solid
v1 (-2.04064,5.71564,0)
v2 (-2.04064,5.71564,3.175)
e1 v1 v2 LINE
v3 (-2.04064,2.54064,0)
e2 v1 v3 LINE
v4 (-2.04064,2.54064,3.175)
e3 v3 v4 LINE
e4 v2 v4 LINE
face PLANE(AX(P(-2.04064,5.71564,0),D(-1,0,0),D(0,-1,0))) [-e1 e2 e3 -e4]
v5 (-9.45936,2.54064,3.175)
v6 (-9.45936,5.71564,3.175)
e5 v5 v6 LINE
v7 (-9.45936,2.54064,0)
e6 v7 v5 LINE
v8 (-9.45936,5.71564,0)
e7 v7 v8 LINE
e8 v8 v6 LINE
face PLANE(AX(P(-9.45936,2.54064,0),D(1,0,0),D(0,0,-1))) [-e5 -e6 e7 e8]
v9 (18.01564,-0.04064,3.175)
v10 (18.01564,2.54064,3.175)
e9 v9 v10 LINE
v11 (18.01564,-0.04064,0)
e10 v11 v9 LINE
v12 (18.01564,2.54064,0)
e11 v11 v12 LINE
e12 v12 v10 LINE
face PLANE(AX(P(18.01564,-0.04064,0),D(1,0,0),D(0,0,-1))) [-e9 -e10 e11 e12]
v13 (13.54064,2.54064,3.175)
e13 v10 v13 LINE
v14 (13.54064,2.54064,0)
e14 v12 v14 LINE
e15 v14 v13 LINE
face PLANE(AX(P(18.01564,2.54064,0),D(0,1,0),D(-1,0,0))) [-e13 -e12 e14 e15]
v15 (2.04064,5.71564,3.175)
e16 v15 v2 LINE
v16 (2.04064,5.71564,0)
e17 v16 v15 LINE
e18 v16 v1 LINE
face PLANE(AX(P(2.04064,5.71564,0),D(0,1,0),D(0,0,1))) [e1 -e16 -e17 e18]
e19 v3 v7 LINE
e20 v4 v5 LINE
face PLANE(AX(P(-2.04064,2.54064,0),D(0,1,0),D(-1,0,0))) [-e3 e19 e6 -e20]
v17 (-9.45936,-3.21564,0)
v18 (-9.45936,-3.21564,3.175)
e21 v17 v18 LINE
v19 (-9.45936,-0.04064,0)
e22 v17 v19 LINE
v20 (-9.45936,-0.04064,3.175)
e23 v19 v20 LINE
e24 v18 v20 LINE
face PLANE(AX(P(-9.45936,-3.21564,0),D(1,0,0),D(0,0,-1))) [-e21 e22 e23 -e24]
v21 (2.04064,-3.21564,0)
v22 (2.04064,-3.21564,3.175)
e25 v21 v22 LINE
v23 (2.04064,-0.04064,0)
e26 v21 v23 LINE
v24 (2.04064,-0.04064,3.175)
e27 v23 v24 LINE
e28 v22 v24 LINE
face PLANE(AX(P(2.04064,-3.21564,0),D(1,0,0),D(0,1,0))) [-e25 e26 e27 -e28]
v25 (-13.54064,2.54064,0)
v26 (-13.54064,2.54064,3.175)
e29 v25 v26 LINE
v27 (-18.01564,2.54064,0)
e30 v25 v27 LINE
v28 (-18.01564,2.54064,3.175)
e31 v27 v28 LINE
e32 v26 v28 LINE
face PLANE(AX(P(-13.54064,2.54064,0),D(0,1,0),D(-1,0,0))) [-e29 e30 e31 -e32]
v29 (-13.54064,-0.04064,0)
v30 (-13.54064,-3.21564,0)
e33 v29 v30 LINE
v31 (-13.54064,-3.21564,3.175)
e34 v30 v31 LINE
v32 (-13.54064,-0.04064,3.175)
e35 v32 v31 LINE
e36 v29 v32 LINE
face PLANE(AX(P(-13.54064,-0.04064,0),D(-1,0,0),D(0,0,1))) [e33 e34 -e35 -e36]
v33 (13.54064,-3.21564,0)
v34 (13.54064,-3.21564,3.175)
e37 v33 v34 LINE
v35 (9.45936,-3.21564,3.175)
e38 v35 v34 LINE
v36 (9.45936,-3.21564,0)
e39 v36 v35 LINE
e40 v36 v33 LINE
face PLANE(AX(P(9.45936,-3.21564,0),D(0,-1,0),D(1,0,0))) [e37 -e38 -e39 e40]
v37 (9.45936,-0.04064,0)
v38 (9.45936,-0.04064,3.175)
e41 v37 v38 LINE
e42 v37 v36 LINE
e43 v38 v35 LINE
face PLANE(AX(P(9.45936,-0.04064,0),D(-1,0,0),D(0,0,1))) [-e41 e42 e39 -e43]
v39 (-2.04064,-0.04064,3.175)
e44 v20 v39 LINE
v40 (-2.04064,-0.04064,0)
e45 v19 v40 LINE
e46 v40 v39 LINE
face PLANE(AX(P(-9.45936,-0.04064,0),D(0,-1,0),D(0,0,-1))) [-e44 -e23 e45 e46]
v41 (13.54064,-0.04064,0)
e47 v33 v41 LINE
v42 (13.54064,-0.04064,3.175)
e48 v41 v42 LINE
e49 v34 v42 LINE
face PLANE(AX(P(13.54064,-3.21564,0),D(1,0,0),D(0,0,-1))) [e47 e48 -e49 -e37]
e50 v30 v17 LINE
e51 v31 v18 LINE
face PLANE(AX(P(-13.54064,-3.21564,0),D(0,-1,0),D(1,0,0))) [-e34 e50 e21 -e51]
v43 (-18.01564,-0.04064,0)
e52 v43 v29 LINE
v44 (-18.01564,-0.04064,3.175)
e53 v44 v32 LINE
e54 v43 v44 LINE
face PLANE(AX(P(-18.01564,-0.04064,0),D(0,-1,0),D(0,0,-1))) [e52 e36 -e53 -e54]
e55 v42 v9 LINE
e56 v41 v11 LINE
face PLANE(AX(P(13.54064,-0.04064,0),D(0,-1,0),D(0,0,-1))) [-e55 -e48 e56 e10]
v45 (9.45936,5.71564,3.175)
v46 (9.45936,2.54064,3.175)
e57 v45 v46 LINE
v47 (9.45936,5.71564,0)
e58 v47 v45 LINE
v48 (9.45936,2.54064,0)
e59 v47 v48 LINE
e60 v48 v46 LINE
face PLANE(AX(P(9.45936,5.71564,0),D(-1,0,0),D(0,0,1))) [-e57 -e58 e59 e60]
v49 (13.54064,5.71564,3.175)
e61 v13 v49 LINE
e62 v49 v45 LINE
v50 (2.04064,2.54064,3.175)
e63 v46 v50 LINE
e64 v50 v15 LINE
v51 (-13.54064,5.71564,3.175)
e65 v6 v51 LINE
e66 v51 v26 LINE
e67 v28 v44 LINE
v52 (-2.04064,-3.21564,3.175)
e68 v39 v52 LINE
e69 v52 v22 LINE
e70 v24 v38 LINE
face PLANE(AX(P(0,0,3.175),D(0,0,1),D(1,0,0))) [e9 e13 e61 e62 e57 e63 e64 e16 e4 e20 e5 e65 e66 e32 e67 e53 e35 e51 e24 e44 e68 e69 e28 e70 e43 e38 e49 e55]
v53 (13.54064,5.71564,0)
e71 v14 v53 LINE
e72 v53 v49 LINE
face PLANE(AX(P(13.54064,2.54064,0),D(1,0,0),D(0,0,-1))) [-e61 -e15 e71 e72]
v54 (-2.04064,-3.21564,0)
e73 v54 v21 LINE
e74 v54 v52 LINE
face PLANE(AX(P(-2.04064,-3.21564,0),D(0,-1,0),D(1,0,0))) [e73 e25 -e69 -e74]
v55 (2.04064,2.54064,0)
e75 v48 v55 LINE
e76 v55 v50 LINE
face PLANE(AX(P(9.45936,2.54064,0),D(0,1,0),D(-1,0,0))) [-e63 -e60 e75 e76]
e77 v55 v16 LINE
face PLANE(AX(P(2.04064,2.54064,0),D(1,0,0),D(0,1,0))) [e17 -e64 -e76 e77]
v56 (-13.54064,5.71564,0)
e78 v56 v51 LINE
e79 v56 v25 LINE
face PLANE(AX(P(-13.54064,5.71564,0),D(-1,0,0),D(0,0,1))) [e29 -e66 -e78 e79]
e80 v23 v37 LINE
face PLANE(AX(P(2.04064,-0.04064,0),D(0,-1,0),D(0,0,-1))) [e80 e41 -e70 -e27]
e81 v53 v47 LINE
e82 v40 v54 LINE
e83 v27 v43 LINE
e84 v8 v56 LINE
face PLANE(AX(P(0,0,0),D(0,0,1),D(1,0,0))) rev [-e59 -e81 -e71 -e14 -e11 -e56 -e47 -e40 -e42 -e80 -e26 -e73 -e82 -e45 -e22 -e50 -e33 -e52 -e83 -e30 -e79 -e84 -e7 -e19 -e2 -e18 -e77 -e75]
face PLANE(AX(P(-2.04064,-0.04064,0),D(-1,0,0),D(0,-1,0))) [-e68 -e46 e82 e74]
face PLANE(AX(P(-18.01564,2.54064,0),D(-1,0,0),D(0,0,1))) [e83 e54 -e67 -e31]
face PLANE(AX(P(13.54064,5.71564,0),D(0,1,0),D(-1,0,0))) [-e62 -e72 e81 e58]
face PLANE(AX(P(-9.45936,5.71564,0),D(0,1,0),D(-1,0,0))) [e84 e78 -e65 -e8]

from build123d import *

# Parameters (mm, degrees)
SKETCH1_W           = 4
SKETCH1_H           = 3.175
SKETCH1_W_2         = 42.3
SKETCH1_H_2         = 2.5
BOSS_EXTRUDE1_DEPTH = 3.175
CUT_EXTRUDE2_DEPTH  = 23.175
BOSS_EXTRUDE2_DEPTH = 3.175


with BuildPart() as part:
    # Sketch1 → Boss-Extrude1 (new body)
    with BuildSketch(Plane.XY):
        with Locations((-11.5, -1.5875)):
            Rectangle(SKETCH1_W, SKETCH1_H)
        with Locations((-11.5, 4.0875)):
            Rectangle(SKETCH1_W, SKETCH1_H)
        with Locations((0, 4.0875)):
            Rectangle(SKETCH1_W, SKETCH1_H)
        with Locations((0, -1.5875)):
            Rectangle(SKETCH1_W, SKETCH1_H)
        with Locations((11.5, 4.0875)):
            Rectangle(SKETCH1_W, SKETCH1_H)
        with Locations((11.5, -1.5875)):
            Rectangle(SKETCH1_W, SKETCH1_H)
        with Locations((0, 1.25)):
            Rectangle(SKETCH1_W_2, SKETCH1_H_2)
    extrude(amount=BOSS_EXTRUDE1_DEPTH)

    # Sketch2 → Cut-Extrude2 (cut)
    with BuildSketch(Plane(origin=(0, 2.5, 0), x_dir=(1, 0, 0), z_dir=(0, 1, 0))):
        Polygon((-17.975, 0), (-21.15, 0), (-21.15, -3.175), align=None)
        Polygon((-17.975, -3.175), (-17.975, 0), (-21.15, -3.175), align=None)
        Polygon((21.15, -3.175), (17.975, -3.175), (17.975, 0), align=None)
        Polygon((21.15, -3.175), (17.975, 0), (21.15, 0), align=None)
    extrude(amount=-CUT_EXTRUDE2_DEPTH, mode=Mode.SUBTRACT)

    # Sketch3 → Boss-Extrude2 (add)
    with BuildSketch(Plane.XY.offset(3.175)):
        Polygon((-13.54064, 2.54064), (-18.01564, 2.54064), (-18.01564, -0.04064), (-13.54064, -0.04064), (-13.54064, -3.21564), (-9.45936, -3.21564), (-9.45936, -0.04064), (-2.04064, -0.04064), (-2.04064, -3.21564), (2.04064, -3.21564), (2.04064, -0.04064), (9.45936, -0.04064), (9.45936, -3.21564), (13.54064, -3.21564), (13.54064, -0.04064), (18.01564, -0.04064), (18.01564, 2.54064), (13.54064, 2.54064), (13.54064, 5.71564), (9.45936, 5.71564), (9.45936, 2.54064), (2.04064, 2.54064), (2.04064, 5.71564), (-2.04064, 5.71564), (-2.04064, 2.54064), (-9.45936, 2.54064), (-9.45936, 5.71564), (-13.54064, 5.71564), align=None)
    extrude(amount=-BOSS_EXTRUDE2_DEPTH)


solid = part.part
